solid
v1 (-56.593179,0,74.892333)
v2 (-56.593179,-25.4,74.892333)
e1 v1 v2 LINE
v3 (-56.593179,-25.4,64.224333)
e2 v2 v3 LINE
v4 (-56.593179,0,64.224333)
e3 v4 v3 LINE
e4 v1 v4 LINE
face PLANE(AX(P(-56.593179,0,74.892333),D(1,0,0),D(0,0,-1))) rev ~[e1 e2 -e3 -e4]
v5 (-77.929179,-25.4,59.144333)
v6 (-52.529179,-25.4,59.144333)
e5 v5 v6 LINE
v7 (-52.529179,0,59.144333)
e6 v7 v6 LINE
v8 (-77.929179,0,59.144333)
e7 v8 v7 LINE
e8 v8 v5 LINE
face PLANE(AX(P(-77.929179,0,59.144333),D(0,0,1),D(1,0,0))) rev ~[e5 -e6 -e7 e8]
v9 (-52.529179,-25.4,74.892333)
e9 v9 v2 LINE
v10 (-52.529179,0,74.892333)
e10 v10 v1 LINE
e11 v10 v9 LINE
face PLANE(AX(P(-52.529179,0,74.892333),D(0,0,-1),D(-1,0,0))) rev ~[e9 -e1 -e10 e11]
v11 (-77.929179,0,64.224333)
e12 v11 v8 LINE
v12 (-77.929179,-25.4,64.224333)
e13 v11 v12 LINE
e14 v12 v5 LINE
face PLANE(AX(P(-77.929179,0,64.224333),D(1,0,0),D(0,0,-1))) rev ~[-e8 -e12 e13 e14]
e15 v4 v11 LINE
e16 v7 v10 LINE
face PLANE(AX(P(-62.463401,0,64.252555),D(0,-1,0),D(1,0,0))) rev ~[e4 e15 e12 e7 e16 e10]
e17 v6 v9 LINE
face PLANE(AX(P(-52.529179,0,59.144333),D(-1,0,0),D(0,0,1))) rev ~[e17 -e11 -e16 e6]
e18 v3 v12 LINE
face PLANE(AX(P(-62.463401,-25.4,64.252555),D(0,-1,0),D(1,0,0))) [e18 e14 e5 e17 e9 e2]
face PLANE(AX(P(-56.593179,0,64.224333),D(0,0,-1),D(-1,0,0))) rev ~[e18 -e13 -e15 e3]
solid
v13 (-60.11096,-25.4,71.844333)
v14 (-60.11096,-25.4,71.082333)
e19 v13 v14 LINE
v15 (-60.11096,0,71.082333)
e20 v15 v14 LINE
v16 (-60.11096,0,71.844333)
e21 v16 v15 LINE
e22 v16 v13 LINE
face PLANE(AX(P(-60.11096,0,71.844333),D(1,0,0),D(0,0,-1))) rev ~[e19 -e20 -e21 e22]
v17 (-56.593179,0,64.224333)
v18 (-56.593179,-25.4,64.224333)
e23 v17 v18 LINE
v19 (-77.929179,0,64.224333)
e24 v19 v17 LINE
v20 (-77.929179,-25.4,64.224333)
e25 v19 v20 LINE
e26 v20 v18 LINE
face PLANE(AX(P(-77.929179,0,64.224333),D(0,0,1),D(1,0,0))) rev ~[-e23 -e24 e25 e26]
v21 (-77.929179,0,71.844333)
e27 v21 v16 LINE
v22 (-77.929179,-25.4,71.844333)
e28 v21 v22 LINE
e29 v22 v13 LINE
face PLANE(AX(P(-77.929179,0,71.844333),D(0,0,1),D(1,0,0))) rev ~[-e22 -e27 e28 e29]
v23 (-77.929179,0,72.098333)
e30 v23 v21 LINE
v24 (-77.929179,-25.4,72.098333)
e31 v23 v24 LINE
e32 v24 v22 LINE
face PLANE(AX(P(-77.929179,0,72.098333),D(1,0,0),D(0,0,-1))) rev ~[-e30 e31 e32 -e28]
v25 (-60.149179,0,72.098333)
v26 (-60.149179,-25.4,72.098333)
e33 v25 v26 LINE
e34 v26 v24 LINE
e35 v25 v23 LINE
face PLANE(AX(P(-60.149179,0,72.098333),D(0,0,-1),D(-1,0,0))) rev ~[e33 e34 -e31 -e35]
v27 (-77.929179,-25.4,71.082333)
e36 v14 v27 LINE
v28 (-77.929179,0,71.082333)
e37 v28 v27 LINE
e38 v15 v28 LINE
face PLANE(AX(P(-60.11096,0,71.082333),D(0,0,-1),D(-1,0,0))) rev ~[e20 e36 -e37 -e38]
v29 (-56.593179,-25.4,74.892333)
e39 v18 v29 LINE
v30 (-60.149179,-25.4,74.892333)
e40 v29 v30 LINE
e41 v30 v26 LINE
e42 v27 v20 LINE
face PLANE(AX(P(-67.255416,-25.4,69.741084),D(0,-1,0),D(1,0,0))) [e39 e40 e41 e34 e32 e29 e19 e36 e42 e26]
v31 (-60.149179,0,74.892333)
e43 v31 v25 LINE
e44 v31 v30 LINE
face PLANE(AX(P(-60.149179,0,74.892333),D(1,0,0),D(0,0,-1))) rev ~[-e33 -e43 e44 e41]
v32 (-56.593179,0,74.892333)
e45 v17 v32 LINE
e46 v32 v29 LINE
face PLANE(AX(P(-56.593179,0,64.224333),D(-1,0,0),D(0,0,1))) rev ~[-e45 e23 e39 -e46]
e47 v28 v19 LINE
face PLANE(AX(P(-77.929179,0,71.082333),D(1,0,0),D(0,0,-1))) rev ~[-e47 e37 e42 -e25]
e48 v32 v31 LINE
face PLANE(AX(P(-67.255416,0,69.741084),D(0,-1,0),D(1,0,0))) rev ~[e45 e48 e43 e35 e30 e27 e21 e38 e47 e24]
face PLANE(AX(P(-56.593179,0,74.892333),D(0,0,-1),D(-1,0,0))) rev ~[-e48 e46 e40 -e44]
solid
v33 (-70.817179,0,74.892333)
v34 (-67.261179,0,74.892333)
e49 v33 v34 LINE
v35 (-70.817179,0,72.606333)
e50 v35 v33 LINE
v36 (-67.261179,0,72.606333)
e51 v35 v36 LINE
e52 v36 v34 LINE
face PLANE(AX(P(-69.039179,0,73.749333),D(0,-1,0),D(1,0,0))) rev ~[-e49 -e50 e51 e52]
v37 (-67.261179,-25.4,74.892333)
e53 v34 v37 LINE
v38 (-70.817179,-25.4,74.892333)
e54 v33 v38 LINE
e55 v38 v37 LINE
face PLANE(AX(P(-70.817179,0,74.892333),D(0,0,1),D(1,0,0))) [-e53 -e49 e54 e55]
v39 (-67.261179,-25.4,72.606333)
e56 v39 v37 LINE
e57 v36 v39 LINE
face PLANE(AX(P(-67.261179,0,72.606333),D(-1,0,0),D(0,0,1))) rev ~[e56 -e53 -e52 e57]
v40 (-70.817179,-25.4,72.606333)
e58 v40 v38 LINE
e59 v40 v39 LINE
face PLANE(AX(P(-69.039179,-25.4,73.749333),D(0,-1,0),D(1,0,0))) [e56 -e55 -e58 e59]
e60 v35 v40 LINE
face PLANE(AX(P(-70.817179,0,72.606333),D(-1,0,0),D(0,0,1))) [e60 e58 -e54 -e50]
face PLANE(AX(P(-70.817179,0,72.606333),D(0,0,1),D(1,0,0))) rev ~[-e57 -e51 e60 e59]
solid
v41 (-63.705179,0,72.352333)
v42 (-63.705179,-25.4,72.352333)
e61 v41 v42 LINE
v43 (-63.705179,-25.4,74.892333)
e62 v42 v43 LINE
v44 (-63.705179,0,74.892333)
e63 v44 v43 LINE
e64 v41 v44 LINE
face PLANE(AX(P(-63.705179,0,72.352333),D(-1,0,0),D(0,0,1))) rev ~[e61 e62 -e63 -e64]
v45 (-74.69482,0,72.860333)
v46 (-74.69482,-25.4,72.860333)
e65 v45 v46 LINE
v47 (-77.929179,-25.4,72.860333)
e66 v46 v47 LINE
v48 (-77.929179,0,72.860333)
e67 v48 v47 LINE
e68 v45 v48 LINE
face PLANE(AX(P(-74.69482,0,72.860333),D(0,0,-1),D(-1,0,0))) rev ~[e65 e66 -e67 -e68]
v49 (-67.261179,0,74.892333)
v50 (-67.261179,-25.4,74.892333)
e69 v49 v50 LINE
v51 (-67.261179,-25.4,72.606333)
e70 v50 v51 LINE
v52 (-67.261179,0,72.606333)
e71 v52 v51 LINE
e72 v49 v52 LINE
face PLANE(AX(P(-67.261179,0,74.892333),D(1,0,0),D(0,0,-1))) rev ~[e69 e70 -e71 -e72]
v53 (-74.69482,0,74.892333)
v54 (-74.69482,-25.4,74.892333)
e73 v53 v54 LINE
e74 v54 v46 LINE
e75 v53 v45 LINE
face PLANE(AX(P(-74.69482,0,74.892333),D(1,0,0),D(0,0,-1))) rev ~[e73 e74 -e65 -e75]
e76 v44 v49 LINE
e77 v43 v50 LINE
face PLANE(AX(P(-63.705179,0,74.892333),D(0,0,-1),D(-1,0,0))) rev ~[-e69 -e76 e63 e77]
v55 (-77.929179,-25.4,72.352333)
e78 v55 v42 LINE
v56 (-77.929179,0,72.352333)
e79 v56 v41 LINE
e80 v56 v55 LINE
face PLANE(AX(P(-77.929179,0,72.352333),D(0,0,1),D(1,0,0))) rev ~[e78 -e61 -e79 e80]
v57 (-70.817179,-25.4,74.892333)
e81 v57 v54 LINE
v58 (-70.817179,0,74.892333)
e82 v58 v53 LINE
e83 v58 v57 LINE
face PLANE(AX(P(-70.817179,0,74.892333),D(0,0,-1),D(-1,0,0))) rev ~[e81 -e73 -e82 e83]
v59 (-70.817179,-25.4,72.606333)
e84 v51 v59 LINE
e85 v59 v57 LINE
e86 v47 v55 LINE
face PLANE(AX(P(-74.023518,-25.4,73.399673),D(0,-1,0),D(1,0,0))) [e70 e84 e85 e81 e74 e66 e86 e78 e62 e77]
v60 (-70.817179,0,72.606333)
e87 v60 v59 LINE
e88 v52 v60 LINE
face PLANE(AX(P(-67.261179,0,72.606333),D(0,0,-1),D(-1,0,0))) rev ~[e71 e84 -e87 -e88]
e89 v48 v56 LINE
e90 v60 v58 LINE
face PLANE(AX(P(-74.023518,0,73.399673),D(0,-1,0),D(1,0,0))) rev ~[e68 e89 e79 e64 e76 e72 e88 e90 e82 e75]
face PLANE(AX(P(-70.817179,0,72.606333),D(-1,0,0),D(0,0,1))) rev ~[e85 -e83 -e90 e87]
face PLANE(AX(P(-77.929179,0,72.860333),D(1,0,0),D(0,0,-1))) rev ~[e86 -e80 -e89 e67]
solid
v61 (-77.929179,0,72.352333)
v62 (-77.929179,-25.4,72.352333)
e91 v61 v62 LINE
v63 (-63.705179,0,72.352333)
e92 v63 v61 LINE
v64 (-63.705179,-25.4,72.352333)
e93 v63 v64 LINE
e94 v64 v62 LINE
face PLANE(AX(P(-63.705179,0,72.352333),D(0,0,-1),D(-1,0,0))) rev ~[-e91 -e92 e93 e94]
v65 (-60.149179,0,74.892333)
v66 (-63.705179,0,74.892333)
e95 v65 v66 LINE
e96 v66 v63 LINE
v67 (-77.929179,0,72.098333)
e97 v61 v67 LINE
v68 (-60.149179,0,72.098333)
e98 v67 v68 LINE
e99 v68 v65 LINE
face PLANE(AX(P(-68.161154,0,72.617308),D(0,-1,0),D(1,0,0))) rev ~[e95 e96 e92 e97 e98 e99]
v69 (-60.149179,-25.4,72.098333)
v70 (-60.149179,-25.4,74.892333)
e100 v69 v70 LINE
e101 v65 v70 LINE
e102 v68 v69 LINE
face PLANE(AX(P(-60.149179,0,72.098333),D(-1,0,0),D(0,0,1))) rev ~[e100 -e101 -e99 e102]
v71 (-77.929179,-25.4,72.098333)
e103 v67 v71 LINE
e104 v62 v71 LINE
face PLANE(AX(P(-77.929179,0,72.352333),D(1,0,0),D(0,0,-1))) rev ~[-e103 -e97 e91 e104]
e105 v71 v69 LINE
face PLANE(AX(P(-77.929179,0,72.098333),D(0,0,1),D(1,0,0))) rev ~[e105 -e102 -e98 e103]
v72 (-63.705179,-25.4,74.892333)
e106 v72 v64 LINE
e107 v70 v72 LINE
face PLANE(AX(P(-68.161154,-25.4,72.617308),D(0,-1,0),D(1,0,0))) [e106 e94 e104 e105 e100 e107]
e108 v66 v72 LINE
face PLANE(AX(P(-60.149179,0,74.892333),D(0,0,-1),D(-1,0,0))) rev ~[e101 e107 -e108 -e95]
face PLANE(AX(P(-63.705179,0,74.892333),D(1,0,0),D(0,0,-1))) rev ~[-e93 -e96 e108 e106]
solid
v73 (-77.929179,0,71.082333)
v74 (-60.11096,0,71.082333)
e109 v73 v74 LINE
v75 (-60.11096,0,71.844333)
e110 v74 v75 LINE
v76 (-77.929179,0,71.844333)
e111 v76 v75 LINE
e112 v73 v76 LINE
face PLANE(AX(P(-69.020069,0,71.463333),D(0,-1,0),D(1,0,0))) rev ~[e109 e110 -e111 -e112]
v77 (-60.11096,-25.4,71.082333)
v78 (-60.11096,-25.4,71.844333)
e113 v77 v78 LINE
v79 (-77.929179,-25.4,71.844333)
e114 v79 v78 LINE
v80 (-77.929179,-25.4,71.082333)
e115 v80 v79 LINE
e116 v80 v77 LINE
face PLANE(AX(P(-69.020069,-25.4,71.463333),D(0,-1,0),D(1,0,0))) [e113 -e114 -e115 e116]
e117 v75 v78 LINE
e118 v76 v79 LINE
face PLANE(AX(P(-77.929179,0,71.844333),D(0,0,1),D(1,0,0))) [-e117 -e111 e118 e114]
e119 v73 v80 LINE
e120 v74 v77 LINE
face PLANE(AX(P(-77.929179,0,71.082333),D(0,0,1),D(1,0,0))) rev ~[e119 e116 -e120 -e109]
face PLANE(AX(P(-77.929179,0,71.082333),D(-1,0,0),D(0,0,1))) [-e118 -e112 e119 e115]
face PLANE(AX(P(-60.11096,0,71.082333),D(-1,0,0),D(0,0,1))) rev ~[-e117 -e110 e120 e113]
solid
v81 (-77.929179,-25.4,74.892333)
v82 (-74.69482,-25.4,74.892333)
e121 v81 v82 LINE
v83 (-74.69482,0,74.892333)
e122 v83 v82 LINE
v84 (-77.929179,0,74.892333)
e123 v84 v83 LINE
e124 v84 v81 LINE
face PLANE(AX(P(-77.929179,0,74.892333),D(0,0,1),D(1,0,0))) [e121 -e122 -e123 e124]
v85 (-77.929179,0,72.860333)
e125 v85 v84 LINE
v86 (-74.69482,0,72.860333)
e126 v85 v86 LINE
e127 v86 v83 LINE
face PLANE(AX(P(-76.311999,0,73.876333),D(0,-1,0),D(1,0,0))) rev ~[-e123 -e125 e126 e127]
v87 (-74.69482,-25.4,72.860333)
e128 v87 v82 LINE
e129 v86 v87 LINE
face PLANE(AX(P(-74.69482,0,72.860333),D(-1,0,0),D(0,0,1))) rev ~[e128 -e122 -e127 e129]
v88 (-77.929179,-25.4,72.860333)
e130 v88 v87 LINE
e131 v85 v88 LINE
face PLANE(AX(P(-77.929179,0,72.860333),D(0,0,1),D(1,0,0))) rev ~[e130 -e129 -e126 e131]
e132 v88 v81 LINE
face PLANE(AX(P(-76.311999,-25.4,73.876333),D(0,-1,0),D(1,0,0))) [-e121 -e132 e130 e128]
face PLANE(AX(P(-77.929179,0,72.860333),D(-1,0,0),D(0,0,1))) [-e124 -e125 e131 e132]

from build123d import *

# Parameters (mm, degrees)
F0_W     = 3.2343588114
F0_H     = 2.032
F1_DEPTH = 25.4
F0_W_2   = 3.556
F0_H_2   = 2.286
F0_W_3   = 17.8182184041
F0_H_3   = 0.762
F2_DEPTH = 25.4
F3_DEPTH = 25.4


with BuildPart() as f1:
    # F0 (on Front) → F1 (new body)
    with BuildSketch(Plane.XZ):
        with Locations((-76.3119991541, 73.876333005)):
            Rectangle(F0_W, F0_H)
    extrude(amount=F1_DEPTH)


with BuildPart() as f1b:
    # F0 (on Front) → F1, piece 2 (new body)
    with BuildSketch(Plane.XZ):
        with Locations((-69.0391785598, 73.749333005)):
            Rectangle(F0_W_2, F0_H_2)
    extrude(amount=F1_DEPTH)


with BuildPart() as f1c:
    # F0 (on Front) → F1, piece 3 (new body)
    with BuildSketch(Plane.XZ):
        Polygon((-63.7051785598, 72.352333005), (-77.9291785598, 72.352333005), (-77.9291785598, 72.098333005), (-60.1491785598, 72.098333005), (-60.1491785598, 74.892333005), (-63.7051785598, 74.892333005), align=None)
    extrude(amount=F1_DEPTH)


with BuildPart() as f1d:
    # F0 (on Front) → F1, piece 4 (new body)
    with BuildSketch(Plane.XZ):
        with Locations((-69.0200693578, 71.463333005)):
            Rectangle(F0_W_3, F0_H_3)
    extrude(amount=F1_DEPTH)


with BuildPart() as f1e:
    # F0 (on Front) → F1, piece 5 (new body)
    with BuildSketch(Plane.XZ):
        Polygon((-52.5291785598, 74.892333005), (-56.5931785598, 74.892333005), (-56.5931785598, 64.224333005), (-77.9291785598, 64.224333005), (-77.9291785598, 59.144333005), (-74.3731785598, 59.144333005), (-70.8171785598, 59.144333005), (-67.2611785598, 59.144333005), (-63.7051785598, 59.144333005), (-60.1491785598, 59.144333005), (-56.5931785598, 59.144333005), (-52.5291785598, 59.144333005), align=None)
    extrude(amount=F1_DEPTH)


with BuildPart() as f2:
    # F0 (on Front) → F2 (new body)
    with BuildSketch(Plane.XZ):
        Polygon((-70.8171785598, 74.892333005), (-74.6948197484, 74.892333005), (-74.6948197484, 72.860333005), (-77.9291785598, 72.860333005), (-77.9291785598, 72.606333005), (-70.8171785598, 72.606333005), align=None)
        Polygon((-70.8171785598, 72.606333005), (-77.9291785598, 72.606333005), (-77.9291785598, 72.352333005), (-63.7051785598, 72.352333005), (-63.7051785598, 74.892333005), (-67.2611785598, 74.892333005), (-67.2611785598, 72.606333005), align=None)
    extrude(amount=F2_DEPTH)


with BuildPart() as f3:
    # F0 (on Front) → F3 (new body)
    with BuildSketch(Plane.XZ):
        Polygon((-60.1491785598, 72.098333005), (-77.9291785598, 72.098333005), (-77.9291785598, 71.844333005), (-60.1109601557, 71.844333005), (-60.1109601557, 71.082333005), (-77.9291785598, 71.082333005), (-77.9291785598, 64.224333005), (-56.5931785598, 64.224333005), (-56.5931785598, 74.892333005), (-60.1491785598, 74.892333005), align=None)
    extrude(amount=F3_DEPTH)


solid = Compound([f1.part, f1b.part, f1c.part, f1d.part, f1e.part, f2.part, f3.part])
